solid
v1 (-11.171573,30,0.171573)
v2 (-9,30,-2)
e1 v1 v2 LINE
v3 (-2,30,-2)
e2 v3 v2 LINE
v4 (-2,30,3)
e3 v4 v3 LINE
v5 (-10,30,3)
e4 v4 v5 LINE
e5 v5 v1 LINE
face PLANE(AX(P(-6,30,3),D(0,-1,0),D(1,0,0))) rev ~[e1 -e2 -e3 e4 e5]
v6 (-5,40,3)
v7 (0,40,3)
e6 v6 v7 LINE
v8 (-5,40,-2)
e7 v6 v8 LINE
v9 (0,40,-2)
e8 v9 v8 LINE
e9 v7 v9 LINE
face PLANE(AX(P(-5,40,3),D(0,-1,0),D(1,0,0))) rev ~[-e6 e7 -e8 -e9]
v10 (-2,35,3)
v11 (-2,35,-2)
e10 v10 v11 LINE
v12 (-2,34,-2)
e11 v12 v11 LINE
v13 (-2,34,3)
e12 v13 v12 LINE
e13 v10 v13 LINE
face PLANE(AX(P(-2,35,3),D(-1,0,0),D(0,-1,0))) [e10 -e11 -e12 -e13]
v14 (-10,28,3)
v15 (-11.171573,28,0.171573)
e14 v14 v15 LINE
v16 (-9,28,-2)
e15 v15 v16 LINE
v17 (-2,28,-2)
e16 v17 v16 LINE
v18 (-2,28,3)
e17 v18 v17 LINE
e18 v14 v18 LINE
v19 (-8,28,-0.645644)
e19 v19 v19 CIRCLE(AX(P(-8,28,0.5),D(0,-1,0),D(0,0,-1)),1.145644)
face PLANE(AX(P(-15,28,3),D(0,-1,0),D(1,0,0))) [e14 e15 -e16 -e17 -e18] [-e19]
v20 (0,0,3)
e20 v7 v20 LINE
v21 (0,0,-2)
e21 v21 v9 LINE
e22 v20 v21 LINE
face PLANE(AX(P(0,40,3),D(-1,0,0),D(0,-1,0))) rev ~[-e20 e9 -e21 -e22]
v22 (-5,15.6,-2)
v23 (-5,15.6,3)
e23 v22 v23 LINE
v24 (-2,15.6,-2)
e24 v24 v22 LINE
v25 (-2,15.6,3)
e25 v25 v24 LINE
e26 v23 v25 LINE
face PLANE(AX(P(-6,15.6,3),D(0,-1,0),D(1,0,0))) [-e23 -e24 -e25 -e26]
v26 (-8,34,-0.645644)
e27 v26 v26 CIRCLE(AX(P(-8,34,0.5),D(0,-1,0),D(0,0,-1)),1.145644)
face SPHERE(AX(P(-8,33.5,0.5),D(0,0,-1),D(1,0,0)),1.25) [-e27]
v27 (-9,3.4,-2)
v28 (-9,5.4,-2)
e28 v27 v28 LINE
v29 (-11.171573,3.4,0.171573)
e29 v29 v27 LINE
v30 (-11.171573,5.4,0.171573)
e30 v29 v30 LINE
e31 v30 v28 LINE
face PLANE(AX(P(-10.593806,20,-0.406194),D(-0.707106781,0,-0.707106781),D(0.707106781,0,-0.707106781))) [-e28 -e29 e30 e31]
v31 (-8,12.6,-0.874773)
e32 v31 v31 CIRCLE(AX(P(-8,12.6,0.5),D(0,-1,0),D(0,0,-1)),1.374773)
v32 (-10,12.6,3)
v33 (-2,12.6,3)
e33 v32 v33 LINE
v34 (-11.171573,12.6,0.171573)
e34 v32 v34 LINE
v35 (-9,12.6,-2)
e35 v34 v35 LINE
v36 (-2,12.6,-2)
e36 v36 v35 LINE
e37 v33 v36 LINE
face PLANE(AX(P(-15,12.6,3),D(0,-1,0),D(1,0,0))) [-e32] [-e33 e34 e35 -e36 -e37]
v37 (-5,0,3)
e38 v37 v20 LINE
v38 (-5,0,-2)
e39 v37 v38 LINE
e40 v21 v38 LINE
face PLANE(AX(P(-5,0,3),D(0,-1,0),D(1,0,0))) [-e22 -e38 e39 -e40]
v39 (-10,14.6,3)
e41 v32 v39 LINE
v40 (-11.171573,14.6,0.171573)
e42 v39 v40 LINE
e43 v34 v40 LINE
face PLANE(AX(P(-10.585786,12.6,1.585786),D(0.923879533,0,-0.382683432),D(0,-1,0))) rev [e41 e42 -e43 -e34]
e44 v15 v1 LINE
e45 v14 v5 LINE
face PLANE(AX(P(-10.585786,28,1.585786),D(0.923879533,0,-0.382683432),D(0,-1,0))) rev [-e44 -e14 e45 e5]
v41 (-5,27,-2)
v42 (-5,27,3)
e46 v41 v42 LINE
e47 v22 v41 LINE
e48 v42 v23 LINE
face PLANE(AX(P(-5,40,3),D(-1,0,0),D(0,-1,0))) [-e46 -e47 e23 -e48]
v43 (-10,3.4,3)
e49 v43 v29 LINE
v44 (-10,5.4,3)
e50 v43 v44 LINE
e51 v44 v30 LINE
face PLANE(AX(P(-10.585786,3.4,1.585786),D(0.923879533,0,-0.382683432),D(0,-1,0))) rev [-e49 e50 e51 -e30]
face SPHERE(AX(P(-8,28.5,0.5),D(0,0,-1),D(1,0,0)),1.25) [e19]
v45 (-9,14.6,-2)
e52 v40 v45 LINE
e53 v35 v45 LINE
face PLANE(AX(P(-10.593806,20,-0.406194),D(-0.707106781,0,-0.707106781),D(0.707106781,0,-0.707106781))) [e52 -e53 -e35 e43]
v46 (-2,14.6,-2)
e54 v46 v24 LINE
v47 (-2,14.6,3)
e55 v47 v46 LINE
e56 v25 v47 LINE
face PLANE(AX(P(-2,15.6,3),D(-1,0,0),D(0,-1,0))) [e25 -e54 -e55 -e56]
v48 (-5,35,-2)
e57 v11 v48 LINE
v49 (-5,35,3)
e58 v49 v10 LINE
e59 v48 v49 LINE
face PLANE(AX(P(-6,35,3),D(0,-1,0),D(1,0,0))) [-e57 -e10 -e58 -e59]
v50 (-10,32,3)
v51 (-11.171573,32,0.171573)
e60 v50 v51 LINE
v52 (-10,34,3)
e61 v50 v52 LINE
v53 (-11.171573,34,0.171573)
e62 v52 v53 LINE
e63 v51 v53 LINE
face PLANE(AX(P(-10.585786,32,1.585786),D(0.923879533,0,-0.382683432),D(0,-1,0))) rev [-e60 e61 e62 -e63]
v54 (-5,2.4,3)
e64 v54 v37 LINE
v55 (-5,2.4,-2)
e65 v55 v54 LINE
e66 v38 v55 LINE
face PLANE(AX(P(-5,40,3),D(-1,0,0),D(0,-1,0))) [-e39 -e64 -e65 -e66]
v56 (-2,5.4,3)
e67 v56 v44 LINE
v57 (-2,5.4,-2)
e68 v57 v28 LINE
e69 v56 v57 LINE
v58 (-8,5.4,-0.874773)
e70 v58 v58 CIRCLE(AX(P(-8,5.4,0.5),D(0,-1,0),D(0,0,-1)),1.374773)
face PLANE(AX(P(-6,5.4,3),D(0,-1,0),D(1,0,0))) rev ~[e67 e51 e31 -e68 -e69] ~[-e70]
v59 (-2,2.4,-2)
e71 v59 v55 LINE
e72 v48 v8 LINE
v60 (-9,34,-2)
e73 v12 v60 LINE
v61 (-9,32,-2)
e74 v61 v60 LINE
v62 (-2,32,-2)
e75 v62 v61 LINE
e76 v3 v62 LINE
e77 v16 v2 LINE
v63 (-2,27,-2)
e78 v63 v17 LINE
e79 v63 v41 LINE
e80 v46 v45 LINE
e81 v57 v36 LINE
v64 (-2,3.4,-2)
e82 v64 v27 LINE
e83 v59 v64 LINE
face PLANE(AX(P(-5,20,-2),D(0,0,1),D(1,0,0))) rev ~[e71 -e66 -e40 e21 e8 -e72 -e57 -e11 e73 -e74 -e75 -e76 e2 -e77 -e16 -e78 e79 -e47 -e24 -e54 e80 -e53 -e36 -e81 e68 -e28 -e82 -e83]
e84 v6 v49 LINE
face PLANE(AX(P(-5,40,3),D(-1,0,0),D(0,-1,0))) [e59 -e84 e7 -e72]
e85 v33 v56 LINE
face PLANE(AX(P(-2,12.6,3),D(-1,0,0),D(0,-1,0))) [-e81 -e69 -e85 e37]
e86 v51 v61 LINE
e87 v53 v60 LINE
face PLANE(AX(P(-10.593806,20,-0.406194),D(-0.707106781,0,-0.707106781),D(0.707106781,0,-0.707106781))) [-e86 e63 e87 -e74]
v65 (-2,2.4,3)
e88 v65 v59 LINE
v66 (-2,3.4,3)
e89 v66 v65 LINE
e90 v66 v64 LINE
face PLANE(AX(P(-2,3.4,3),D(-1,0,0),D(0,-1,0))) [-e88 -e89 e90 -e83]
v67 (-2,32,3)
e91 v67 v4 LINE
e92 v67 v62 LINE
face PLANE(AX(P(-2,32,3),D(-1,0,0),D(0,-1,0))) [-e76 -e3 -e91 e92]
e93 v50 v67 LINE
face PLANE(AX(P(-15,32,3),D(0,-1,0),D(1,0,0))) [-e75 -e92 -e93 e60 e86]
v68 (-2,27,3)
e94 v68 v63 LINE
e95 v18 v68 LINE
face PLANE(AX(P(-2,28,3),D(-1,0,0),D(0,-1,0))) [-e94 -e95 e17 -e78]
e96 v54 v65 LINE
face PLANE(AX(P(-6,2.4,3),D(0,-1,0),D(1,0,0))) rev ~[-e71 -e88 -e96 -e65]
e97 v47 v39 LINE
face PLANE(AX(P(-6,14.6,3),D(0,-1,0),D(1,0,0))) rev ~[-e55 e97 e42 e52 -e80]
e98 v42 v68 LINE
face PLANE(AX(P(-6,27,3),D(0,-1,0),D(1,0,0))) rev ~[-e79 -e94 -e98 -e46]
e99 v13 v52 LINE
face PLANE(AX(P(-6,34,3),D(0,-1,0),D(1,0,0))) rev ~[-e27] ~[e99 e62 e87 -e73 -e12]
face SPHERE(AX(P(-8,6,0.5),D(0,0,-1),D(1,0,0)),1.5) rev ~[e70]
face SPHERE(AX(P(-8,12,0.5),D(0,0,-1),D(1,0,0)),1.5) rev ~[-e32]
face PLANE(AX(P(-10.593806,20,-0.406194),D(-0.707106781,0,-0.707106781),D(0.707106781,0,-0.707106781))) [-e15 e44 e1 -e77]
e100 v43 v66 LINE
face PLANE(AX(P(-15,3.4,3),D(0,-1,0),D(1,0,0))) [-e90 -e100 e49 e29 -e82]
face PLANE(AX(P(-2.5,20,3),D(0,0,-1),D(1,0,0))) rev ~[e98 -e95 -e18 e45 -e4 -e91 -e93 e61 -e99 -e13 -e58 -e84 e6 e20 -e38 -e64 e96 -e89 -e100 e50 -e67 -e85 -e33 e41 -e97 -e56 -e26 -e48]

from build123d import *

# Parameters (mm, degrees)
BOX105_W               = 12
BOX105_H               = 44
BOX105_DEPTH           = 10
BOX101_W               = 4
BOX101_H               = 1
BOX101_DEPTH           = 7
BOX103_W               = 4
BOX103_H               = 1
BOX103_DEPTH           = 7
BOX100_W               = 4
BOX100_H               = 2
BOX100_DEPTH           = 7
BOX102_W               = 4
BOX102_H               = 1
BOX102_DEPTH           = 7
BOX099_W               = 4
BOX099_H               = 1
BOX099_DEPTH           = 7
BOX104_W               = 4
BOX104_H               = 7.2
BOX104_DEPTH           = 7
BOX098_W               = 13
BOX098_H               = 40
BOX098_DEPTH           = 10
BOX098_PITCH_ANGLE     = -45
BOX094_W               = 10
BOX094_H               = 2
BOX094_DEPTH           = 7
BOX095_W               = 10
BOX095_H               = 2
BOX095_DEPTH           = 7
BOX096_W               = 10
BOX096_H               = 2
BOX096_DEPTH           = 7
BOX097_W               = 10
BOX097_H               = 2
BOX097_DEPTH           = 7
BOX093_W               = 5
BOX093_H               = 40
BOX093_DEPTH           = 7
CHAMFER009_SIZE        = 4
CUT027_PLACEMENT_ANGLE = 180


with BuildPart() as cube089:
    # Box105 → Box105 (new body)
    with BuildSketch(Plane(origin=(-11, -2, -12), x_dir=(1, 0, 0), z_dir=(0, 0, 1))):
        with Locations((6, 22)):
            Rectangle(BOX105_W, BOX105_H)
    extrude(amount=BOX105_DEPTH)


with BuildPart() as cube085:
    # Box101 → Box101 (new body)
    with BuildSketch(Plane(origin=(-1, 12, 0), x_dir=(1, 0, 0), z_dir=(0, 0, 1))):
        with Locations((2, 0.5)):
            Rectangle(BOX101_W, BOX101_H)
    extrude(amount=BOX101_DEPTH)


with BuildPart() as cube087:
    # Box103 → Box103 (new body)
    with BuildSketch(Plane(origin=(-1, 36.6, 0), x_dir=(1, 0, 0), z_dir=(0, 0, 1))):
        with Locations((2, 0.5)):
            Rectangle(BOX103_W, BOX103_H)
    extrude(amount=BOX103_DEPTH)


with BuildPart() as cube084:
    # Box100 → Box100 (new body)
    with BuildSketch(Plane(origin=(-1, 8, 0), x_dir=(1, 0, 0), z_dir=(0, 0, 1))):
        with Locations((2, 1)):
            Rectangle(BOX100_W, BOX100_H)
    extrude(amount=BOX100_DEPTH)


with BuildPart() as cube086:
    # Box102 → Box102 (new body)
    with BuildSketch(Plane(origin=(-1, 24.4, 0), x_dir=(1, 0, 0), z_dir=(0, 0, 1))):
        with Locations((2, 0.5)):
            Rectangle(BOX102_W, BOX102_H)
    extrude(amount=BOX102_DEPTH)


with BuildPart() as cube083:
    # Box099 → Box099 (new body)
    with BuildSketch(Plane(origin=(-1, 5, 0), x_dir=(1, 0, 0), z_dir=(0, 0, 1))):
        with Locations((2, 0.5)):
            Rectangle(BOX099_W, BOX099_H)
    extrude(amount=BOX099_DEPTH)


with BuildPart() as fusion033:
    # Box104 → Box104 (new body)
    with BuildSketch(Plane(origin=(-1, 27.4, 0), x_dir=(1, 0, 0), z_dir=(0, 0, 1))):
        with Locations((2, 3.6)):
            Rectangle(BOX104_W, BOX104_H)
    extrude(amount=BOX104_DEPTH)

    # Fusion033: union Cube085, Cube087, Cube084, Cube086, Cube083
    add(cube085.part)
    add(cube087.part)
    add(cube084.part)
    add(cube086.part)
    add(cube083.part)


with BuildPart() as sphere037:
    # Sphere037 → Sphere037 (revolve)
    with BuildSketch(Plane(origin=(-3, 28, 2.5), x_dir=(1, 0, 0), z_dir=(0, -1, 0))):
        with BuildLine():
            ThreePointArc((0, -1.5), (1.5, 0), (0, 1.5))
            Line((0, 1.5), (0, -1.5))
        make_face()
    revolve(axis=Axis((-3, 28, 2.5), (0, 0, 1)))


with BuildPart() as fusion032:
    # Sphere038 → Sphere038 (revolve)
    with BuildSketch(Plane(origin=(-3, 34, 2.5), x_dir=(1, 0, 0), z_dir=(0, -1, 0))):
        with BuildLine():
            ThreePointArc((0, -1.5), (1.5, 0), (0, 1.5))
            Line((0, 1.5), (0, -1.5))
        make_face()
    revolve(axis=Axis((-3, 34, 2.5), (0, 0, 1)))

    # Fusion032: union Sphere037
    add(sphere037.part)


with BuildPart() as sphere036:
    # Sphere036 → Sphere036 (revolve)
    with BuildSketch(Plane(origin=(-3, 11.5, 2.5), x_dir=(1, 0, 0), z_dir=(0, -1, 0))):
        with BuildLine():
            ThreePointArc((0, -1.25), (1.25, 0), (0, 1.25))
            Line((0, 1.25), (0, -1.25))
        make_face()
    revolve(axis=Axis((-3, 11.5, 2.5), (0, 0, 1)))


with BuildPart() as cube082:
    # Box098 → Box098 (new body)
    with BuildSketch(Plane.XY):
        with Locations((6.5, 20)):
            Rectangle(BOX098_W, BOX098_H)
    extrude(amount=BOX098_DEPTH)


with BuildPart() as cube082_1:
    # Box098 pitch: moved
    add(cube082.part.rotate(Axis((0, 0, 0), (0, 1, 0)), BOX098_PITCH_ANGLE))


with BuildPart() as cube082_2:
    # Box098 placement: moved
    add(cube082_1.part.moved(Location((-10.19, 0, -1.19))))


with BuildPart() as cube078:
    # Box094 → Box094 (new body)
    with BuildSketch(Plane(origin=(-10, 6, 0), x_dir=(1, 0, 0), z_dir=(0, 0, 1))):
        with Locations((5, 1)):
            Rectangle(BOX094_W, BOX094_H)
    extrude(amount=BOX094_DEPTH)


with BuildPart() as cube079:
    # Box095 → Box095 (new body)
    with BuildSketch(Plane(origin=(-10, 10, 0), x_dir=(1, 0, 0), z_dir=(0, 0, 1))):
        with Locations((5, 1)):
            Rectangle(BOX095_W, BOX095_H)
    extrude(amount=BOX095_DEPTH)


with BuildPart() as cube080:
    # Box096 → Box096 (new body)
    with BuildSketch(Plane(origin=(-10, 25.4, 0), x_dir=(1, 0, 0), z_dir=(0, 0, 1))):
        with Locations((5, 1)):
            Rectangle(BOX096_W, BOX096_H)
    extrude(amount=BOX096_DEPTH)


with BuildPart() as cube081:
    # Box097 → Box097 (new body)
    with BuildSketch(Plane(origin=(-10, 34.6, 0), x_dir=(1, 0, 0), z_dir=(0, 0, 1))):
        with Locations((5, 1)):
            Rectangle(BOX097_W, BOX097_H)
    extrude(amount=BOX097_DEPTH)


with BuildPart() as cut025:
    # Box093 → Box093 (new body)
    with BuildSketch(Plane.XY):
        with Locations((2.5, 20)):
            Rectangle(BOX093_W, BOX093_H)
    extrude(amount=BOX093_DEPTH)

    # Fusion030: union Cube078, Cube079, Cube080, Cube081
    add(cube078.part)
    add(cube079.part)
    add(cube080.part)
    add(cube081.part)

    # Cut025: cut Cube082
    add(cube082_2.part, mode=Mode.SUBTRACT)


with BuildPart() as cut028:
    # Sphere035 → Sphere035 (revolve)
    with BuildSketch(Plane(origin=(-3, 6.5, 2.5), x_dir=(1, 0, 0), z_dir=(0, -1, 0))):
        with BuildLine():
            ThreePointArc((0, -1.25), (1.25, 0), (0, 1.25))
            Line((0, 1.25), (0, -1.25))
        make_face()
    revolve(axis=Axis((-3, 6.5, 2.5), (0, 0, 1)))

    # Fusion031: union Sphere036, Cut025
    add(sphere036.part)
    add(cut025.part)

    # Cut026: cut Fusion032
    add(fusion032.part, mode=Mode.SUBTRACT)

    # Chamfer009
    chamfer009_edges = [cut028.edges().sort_by_distance(p)[0] for p in [
        (-9, 7, 0),
        (-9, 11, 0),
        (-9, 35.6, 0),
        (-9, 26.4, 0),
    ]]
    chamfer(chamfer009_edges, length=CHAMFER009_SIZE)

    # Cut027: cut Fusion033
    add(fusion033.part, mode=Mode.SUBTRACT)


with BuildPart() as cut028_1:
    # Cut027 placement: moved
    add(cut028.part.moved(Location((-5, 40, 3))).rotate(Axis((-5, 40, 3), (1, 0, 0)), CUT027_PLACEMENT_ANGLE))

    # Cut028: cut Cube089
    add(cube089.part, mode=Mode.SUBTRACT)


solid = cut028_1.part
